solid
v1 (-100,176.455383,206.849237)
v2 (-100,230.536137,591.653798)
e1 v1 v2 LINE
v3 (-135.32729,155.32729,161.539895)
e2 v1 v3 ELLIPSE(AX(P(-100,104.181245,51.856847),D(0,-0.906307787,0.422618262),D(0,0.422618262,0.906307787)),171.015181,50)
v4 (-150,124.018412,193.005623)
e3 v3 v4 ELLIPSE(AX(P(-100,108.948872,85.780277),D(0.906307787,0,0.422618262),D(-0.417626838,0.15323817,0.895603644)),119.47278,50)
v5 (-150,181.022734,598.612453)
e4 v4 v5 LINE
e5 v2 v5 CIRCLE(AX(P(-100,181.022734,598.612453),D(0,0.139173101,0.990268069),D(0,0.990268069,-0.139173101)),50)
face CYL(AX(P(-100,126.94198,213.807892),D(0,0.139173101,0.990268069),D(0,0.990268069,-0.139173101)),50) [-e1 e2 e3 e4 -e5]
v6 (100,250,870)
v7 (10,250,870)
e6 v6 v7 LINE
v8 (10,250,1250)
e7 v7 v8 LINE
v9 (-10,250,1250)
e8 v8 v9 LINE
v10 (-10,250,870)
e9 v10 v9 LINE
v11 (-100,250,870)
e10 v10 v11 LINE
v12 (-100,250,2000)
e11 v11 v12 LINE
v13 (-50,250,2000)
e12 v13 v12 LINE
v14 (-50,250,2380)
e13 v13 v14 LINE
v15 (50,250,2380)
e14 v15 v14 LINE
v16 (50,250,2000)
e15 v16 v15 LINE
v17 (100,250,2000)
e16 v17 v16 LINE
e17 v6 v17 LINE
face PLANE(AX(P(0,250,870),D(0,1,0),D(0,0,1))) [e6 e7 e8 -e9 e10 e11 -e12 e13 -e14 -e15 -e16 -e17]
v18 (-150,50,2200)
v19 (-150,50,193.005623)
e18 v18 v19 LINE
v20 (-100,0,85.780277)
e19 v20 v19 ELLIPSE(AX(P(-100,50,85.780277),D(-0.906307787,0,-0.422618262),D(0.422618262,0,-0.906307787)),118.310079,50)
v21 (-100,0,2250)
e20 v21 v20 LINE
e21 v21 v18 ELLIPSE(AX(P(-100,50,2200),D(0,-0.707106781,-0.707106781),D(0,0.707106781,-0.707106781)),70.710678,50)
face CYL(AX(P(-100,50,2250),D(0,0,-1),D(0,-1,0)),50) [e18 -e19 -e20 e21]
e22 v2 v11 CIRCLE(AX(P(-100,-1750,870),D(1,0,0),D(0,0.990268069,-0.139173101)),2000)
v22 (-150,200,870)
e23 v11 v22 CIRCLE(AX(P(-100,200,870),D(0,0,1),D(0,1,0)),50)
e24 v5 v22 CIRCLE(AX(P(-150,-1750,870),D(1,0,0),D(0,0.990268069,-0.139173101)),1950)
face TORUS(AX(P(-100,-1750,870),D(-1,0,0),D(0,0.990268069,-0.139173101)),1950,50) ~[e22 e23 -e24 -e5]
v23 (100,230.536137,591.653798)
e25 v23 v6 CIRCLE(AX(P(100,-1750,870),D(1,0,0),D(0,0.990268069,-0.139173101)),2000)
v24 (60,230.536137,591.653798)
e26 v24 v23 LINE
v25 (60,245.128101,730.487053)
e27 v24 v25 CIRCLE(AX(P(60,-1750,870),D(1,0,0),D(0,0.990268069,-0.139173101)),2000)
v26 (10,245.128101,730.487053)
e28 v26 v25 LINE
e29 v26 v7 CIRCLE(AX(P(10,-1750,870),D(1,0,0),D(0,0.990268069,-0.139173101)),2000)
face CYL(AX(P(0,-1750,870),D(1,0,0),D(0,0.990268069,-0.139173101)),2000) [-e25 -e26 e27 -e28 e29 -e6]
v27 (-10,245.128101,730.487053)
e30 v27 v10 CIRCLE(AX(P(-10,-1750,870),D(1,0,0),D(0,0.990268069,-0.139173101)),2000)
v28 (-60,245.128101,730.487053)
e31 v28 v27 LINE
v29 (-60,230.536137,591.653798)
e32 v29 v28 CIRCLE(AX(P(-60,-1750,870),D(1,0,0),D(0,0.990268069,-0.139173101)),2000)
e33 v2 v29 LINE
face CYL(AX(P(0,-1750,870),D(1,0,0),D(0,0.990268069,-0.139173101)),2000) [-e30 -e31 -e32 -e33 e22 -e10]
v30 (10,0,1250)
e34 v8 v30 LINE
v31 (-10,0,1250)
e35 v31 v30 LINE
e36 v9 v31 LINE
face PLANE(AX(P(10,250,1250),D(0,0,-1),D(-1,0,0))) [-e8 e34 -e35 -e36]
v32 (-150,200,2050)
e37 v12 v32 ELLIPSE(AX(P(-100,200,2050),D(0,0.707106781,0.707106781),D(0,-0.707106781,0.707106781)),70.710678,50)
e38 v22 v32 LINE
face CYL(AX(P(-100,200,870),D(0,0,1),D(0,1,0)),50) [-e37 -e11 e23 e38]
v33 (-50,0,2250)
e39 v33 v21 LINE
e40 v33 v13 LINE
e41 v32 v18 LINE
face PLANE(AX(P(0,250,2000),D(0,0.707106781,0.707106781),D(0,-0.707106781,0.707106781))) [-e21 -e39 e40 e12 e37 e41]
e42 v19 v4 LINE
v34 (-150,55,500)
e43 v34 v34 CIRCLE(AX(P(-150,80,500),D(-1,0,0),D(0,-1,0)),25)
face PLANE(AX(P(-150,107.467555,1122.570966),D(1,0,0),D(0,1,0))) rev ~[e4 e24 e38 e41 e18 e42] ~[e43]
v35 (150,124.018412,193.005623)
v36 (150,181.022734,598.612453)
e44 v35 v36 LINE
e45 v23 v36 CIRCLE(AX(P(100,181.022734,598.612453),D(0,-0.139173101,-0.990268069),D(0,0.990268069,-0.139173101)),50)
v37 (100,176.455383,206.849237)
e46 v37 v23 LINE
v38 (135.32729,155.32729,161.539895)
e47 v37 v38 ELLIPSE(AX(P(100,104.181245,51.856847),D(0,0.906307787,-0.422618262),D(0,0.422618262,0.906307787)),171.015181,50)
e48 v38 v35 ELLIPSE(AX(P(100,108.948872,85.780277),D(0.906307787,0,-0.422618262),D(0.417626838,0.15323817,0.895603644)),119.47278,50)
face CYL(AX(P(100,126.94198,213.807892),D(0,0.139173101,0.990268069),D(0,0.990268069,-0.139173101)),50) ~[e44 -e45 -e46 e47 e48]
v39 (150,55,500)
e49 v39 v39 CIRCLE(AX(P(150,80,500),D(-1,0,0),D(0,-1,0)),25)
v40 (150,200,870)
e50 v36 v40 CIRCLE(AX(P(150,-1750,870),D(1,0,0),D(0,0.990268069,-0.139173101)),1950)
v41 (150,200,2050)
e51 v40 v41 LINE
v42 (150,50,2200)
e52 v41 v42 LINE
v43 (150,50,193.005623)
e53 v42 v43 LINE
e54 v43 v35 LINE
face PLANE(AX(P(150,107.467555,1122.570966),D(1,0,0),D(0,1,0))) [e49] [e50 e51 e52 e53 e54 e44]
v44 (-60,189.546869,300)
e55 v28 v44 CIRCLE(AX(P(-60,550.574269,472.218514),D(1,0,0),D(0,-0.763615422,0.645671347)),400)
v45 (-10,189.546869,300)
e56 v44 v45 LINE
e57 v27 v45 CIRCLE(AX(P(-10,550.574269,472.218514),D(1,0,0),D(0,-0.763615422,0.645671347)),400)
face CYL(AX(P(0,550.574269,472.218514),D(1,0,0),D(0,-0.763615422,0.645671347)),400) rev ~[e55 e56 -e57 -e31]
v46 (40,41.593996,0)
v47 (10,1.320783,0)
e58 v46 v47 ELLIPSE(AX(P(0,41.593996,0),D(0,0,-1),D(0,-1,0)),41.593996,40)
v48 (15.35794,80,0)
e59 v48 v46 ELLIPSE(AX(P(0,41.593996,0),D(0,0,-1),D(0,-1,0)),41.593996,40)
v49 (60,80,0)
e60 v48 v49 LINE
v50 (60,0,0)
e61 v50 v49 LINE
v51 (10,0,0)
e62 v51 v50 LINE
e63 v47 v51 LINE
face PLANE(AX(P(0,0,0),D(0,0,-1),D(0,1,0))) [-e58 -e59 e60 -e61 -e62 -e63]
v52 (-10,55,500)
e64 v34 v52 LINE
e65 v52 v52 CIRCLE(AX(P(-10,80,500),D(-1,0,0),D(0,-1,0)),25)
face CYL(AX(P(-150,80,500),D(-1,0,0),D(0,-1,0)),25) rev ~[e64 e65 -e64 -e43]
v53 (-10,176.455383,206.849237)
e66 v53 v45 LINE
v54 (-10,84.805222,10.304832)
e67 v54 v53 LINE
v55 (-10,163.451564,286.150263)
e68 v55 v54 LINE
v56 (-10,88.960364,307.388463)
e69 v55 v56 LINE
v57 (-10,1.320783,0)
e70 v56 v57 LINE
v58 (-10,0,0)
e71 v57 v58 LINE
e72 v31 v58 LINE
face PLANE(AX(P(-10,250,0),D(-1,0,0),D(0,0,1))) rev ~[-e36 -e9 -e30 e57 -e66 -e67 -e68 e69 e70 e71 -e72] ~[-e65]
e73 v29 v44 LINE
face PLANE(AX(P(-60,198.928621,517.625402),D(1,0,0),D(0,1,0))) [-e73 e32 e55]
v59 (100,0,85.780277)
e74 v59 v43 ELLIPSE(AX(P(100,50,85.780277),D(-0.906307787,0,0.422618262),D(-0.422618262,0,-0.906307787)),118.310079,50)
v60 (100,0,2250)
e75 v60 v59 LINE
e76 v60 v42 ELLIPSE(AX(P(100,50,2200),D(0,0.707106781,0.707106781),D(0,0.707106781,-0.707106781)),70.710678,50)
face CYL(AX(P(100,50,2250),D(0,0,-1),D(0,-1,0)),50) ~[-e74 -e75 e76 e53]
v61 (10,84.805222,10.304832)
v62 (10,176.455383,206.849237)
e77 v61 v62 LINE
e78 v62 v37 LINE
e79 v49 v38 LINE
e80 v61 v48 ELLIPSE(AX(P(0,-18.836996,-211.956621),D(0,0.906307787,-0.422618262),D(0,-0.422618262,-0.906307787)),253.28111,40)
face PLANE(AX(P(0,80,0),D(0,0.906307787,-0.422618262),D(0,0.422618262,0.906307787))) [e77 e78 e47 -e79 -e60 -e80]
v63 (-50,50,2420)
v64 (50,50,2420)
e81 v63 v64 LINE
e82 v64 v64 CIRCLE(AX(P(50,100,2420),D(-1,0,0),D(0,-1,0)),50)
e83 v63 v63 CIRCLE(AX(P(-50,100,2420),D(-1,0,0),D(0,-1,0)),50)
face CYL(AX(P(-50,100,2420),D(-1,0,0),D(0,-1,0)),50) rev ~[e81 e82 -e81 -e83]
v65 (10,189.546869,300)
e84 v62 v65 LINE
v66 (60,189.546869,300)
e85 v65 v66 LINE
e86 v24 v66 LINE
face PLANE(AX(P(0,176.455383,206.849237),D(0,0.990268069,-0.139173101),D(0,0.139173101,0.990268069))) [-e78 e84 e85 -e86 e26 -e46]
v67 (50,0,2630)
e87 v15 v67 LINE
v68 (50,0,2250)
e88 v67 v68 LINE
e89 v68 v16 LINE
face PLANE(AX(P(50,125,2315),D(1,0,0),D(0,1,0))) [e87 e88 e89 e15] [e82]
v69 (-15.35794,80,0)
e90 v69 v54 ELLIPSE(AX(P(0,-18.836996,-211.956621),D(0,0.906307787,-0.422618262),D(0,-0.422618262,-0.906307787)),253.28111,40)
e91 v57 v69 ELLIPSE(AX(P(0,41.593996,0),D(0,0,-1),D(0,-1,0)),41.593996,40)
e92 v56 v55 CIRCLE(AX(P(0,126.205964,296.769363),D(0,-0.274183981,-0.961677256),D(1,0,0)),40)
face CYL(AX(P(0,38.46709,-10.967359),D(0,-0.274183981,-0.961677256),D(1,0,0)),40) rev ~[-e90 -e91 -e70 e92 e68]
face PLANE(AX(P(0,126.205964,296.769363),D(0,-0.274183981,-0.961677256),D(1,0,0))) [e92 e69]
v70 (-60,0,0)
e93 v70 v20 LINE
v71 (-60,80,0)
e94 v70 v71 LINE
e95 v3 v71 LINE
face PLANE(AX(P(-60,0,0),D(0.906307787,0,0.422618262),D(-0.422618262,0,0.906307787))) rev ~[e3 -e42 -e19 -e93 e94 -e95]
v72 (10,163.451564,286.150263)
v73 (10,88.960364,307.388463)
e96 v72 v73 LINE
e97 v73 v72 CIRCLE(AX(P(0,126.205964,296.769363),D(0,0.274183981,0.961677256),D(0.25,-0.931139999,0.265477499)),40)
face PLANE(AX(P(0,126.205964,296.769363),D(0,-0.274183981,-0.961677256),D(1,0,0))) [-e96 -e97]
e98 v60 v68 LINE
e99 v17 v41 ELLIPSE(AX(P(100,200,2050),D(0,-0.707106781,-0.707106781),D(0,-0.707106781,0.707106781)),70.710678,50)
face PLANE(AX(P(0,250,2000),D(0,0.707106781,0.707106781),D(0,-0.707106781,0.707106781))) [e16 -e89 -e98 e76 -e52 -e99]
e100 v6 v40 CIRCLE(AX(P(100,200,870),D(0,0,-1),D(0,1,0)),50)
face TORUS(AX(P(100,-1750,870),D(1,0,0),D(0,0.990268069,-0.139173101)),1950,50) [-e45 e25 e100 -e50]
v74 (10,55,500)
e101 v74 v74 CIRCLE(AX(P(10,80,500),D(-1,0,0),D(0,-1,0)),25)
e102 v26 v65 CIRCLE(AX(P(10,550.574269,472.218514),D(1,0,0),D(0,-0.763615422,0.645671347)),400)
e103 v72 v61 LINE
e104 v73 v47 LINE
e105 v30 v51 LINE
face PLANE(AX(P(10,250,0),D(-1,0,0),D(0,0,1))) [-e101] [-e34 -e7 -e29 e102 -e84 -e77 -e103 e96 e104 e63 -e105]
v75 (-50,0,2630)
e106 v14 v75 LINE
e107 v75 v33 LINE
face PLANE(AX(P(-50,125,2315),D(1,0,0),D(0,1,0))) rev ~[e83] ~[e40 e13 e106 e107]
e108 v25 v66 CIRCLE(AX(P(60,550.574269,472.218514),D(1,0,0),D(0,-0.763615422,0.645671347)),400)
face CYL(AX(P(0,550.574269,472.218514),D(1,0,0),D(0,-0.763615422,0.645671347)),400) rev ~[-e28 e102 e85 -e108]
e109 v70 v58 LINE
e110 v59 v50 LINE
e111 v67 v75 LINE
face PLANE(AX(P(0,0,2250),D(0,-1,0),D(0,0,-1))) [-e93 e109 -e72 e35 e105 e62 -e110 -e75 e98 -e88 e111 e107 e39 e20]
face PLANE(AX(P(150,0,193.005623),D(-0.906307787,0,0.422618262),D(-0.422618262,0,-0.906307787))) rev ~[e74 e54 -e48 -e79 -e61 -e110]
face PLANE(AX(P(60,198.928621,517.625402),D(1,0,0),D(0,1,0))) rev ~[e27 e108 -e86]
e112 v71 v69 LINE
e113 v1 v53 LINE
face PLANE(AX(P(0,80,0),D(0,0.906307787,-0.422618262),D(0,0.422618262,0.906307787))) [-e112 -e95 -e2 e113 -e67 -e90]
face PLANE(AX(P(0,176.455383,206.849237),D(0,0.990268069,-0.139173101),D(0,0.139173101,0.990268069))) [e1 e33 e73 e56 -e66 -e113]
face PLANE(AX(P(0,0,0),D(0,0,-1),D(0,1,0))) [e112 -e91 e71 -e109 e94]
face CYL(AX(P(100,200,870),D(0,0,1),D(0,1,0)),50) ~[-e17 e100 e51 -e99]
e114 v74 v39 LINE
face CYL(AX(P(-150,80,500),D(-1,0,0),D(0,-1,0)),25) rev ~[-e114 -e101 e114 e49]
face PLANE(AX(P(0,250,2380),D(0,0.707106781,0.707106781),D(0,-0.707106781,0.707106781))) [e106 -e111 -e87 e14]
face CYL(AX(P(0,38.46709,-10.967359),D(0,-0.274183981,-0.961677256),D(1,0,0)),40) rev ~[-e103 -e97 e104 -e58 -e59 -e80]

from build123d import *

# Parameters (mm, degrees)
F1_DEPTH  = 150
F2_DEPTH  = 50
F3_W      = 20
F3_H      = 1250
F4_DEPTH  = 307
F5_R      = 25
F6_DEPTH  = 300.001
F7_R      = 50
F8_DEPTH  = 100
F10_DEPTH = 223
F12_DEPTH = 60
F15_R     = 40
F16_DEPTH = 320
F17_R     = 50


with BuildPart() as f1:
    # F0 (on Right) → F1 (new body, symmetric)
    with BuildSketch(Plane.YZ):
        with BuildLine():
            Line((0, 2250), (0, 0))
            Line((0, 0), (80, 0))
            Line((80, 0), (176.4553832609, 206.8492369235))
            Line((176.4553832609, 206.8492369235), (230.5361374831, 591.6537980799))
            ThreePointArc((230.5361374831, 591.6537980799), (245.1281005196, 730.4870525117), (250, 870))
            Line((250, 870), (250, 2000))
            Line((250, 2000), (0, 2250))
        make_face()
    extrude(amount=F1_DEPTH, both=True)

    # F0 (on Right) → F2 (join, symmetric)
    with BuildSketch(Plane.YZ):
        Polygon((0, 2630), (0, 2250), (250, 2000), (250, 2380), align=None)
    extrude(amount=F2_DEPTH, both=True)

    # F3 (on face) → F4 (cut)
    with BuildSketch(Plane(origin=(0, 250, 0), x_dir=(-1, 0, 0), z_dir=(0, 1, 0))):
        with Locations((0, 625)):
            Rectangle(F3_W, F3_H)
    extrude(amount=-F4_DEPTH, mode=Mode.SUBTRACT)

    # F5 (on face) → F6 (cut, through all)
    with BuildSketch(Plane(origin=(-150, 0, 0), x_dir=(0, -1, 0), z_dir=(-1, 0, 0))):
        with Locations((-80, 500)):
            Circle(F5_R)
    extrude(amount=-F6_DEPTH, mode=Mode.SUBTRACT)

    # F7 (on face) → F8 (cut, through all)
    with BuildSketch(Plane(origin=(-50, 0, 0), x_dir=(0, -1, 0), z_dir=(-1, 0, 0))):
        with Locations((-100, 2420)):
            Circle(F7_R)
    extrude(amount=-F8_DEPTH, mode=Mode.SUBTRACT)

    # F9 (on face) → F10 (cut)
    with BuildSketch(Plane.XZ):
        Polygon((150, 193.0056228459), (60, 0), (150, 0), align=None)
        Polygon((-150, 0), (-60, 0), (-150, 193.0056228459), align=None)
    extrude(amount=-F10_DEPTH, mode=Mode.SUBTRACT)

    # F11 (on Right) → F12 (cut, symmetric)
    with BuildSketch(Plane.YZ):
        with BuildLine():
            ThreePointArc((245.1281005196, 730.4870525117), (153.8671605949, 523.438334328), (189.5468692569, 300))
            Line((189.5468692569, 300), (230.5361374831, 591.6537980799))
            Line((230.5361374831, 591.6537980799), (245.1281005196, 730.4870525117))
        make_face()
        with BuildLine():
            Line((230.5361374831, 591.6537980799), (189.5468692569, 300))
            Line((189.5468692569, 300), (265.2035057545, 311.2672567368))
            Line((265.2035057545, 311.2672567368), (265.2035057545, 409.1856181622))
            Line((265.2035057545, 409.1856181622), (299.6515530456, 510.0366034563))
            Line((299.6515530456, 510.0366034563), (321.972931721, 722.4103352942))
            Line((321.972931721, 722.4103352942), (245.1281005196, 730.4870525117))
            ThreePointArc((245.1281005196, 730.4870525117), (239.0437907365, 660.9430734647), (230.5361374831, 591.6537980799))
        make_face()
        with BuildLine():
            Line((245.1281005196, 730.4870525117), (230.5361374831, 591.6537980799))
            ThreePointArc((230.5361374831, 591.6537980799), (239.0437907365, 660.9430734647), (245.1281005196, 730.4870525117))
        make_face()
    extrude(amount=F12_DEPTH, both=True, mode=Mode.SUBTRACT)

    # F15 (on face) → F16 (cut)
    with BuildSketch(Plane(origin=(0, 0, 0), x_dir=(1, 0, 0), z_dir=(0, -0.2741839815, -0.9616772558))):
        with Locations((0, -40)):
            Circle(F15_R)
    extrude(amount=-F16_DEPTH, mode=Mode.SUBTRACT)

    # F17
    f17_edges = [f1.edges().sort_by_distance(p)[0] for p in [
        (-150, 250, 1435),
        (150, 250, 1435),
        (-150, 245.128101, 730.487053),
        (-150, 203.49576, 399.251518),
        (150, 203.49576, 399.251518),
        (150, 245.128101, 730.487053),
        (-150, 0, 1221.502811),
        (150, 0, 1221.502811),
    ]]
    fillet(f17_edges, radius=F17_R)


solid = f1.part
